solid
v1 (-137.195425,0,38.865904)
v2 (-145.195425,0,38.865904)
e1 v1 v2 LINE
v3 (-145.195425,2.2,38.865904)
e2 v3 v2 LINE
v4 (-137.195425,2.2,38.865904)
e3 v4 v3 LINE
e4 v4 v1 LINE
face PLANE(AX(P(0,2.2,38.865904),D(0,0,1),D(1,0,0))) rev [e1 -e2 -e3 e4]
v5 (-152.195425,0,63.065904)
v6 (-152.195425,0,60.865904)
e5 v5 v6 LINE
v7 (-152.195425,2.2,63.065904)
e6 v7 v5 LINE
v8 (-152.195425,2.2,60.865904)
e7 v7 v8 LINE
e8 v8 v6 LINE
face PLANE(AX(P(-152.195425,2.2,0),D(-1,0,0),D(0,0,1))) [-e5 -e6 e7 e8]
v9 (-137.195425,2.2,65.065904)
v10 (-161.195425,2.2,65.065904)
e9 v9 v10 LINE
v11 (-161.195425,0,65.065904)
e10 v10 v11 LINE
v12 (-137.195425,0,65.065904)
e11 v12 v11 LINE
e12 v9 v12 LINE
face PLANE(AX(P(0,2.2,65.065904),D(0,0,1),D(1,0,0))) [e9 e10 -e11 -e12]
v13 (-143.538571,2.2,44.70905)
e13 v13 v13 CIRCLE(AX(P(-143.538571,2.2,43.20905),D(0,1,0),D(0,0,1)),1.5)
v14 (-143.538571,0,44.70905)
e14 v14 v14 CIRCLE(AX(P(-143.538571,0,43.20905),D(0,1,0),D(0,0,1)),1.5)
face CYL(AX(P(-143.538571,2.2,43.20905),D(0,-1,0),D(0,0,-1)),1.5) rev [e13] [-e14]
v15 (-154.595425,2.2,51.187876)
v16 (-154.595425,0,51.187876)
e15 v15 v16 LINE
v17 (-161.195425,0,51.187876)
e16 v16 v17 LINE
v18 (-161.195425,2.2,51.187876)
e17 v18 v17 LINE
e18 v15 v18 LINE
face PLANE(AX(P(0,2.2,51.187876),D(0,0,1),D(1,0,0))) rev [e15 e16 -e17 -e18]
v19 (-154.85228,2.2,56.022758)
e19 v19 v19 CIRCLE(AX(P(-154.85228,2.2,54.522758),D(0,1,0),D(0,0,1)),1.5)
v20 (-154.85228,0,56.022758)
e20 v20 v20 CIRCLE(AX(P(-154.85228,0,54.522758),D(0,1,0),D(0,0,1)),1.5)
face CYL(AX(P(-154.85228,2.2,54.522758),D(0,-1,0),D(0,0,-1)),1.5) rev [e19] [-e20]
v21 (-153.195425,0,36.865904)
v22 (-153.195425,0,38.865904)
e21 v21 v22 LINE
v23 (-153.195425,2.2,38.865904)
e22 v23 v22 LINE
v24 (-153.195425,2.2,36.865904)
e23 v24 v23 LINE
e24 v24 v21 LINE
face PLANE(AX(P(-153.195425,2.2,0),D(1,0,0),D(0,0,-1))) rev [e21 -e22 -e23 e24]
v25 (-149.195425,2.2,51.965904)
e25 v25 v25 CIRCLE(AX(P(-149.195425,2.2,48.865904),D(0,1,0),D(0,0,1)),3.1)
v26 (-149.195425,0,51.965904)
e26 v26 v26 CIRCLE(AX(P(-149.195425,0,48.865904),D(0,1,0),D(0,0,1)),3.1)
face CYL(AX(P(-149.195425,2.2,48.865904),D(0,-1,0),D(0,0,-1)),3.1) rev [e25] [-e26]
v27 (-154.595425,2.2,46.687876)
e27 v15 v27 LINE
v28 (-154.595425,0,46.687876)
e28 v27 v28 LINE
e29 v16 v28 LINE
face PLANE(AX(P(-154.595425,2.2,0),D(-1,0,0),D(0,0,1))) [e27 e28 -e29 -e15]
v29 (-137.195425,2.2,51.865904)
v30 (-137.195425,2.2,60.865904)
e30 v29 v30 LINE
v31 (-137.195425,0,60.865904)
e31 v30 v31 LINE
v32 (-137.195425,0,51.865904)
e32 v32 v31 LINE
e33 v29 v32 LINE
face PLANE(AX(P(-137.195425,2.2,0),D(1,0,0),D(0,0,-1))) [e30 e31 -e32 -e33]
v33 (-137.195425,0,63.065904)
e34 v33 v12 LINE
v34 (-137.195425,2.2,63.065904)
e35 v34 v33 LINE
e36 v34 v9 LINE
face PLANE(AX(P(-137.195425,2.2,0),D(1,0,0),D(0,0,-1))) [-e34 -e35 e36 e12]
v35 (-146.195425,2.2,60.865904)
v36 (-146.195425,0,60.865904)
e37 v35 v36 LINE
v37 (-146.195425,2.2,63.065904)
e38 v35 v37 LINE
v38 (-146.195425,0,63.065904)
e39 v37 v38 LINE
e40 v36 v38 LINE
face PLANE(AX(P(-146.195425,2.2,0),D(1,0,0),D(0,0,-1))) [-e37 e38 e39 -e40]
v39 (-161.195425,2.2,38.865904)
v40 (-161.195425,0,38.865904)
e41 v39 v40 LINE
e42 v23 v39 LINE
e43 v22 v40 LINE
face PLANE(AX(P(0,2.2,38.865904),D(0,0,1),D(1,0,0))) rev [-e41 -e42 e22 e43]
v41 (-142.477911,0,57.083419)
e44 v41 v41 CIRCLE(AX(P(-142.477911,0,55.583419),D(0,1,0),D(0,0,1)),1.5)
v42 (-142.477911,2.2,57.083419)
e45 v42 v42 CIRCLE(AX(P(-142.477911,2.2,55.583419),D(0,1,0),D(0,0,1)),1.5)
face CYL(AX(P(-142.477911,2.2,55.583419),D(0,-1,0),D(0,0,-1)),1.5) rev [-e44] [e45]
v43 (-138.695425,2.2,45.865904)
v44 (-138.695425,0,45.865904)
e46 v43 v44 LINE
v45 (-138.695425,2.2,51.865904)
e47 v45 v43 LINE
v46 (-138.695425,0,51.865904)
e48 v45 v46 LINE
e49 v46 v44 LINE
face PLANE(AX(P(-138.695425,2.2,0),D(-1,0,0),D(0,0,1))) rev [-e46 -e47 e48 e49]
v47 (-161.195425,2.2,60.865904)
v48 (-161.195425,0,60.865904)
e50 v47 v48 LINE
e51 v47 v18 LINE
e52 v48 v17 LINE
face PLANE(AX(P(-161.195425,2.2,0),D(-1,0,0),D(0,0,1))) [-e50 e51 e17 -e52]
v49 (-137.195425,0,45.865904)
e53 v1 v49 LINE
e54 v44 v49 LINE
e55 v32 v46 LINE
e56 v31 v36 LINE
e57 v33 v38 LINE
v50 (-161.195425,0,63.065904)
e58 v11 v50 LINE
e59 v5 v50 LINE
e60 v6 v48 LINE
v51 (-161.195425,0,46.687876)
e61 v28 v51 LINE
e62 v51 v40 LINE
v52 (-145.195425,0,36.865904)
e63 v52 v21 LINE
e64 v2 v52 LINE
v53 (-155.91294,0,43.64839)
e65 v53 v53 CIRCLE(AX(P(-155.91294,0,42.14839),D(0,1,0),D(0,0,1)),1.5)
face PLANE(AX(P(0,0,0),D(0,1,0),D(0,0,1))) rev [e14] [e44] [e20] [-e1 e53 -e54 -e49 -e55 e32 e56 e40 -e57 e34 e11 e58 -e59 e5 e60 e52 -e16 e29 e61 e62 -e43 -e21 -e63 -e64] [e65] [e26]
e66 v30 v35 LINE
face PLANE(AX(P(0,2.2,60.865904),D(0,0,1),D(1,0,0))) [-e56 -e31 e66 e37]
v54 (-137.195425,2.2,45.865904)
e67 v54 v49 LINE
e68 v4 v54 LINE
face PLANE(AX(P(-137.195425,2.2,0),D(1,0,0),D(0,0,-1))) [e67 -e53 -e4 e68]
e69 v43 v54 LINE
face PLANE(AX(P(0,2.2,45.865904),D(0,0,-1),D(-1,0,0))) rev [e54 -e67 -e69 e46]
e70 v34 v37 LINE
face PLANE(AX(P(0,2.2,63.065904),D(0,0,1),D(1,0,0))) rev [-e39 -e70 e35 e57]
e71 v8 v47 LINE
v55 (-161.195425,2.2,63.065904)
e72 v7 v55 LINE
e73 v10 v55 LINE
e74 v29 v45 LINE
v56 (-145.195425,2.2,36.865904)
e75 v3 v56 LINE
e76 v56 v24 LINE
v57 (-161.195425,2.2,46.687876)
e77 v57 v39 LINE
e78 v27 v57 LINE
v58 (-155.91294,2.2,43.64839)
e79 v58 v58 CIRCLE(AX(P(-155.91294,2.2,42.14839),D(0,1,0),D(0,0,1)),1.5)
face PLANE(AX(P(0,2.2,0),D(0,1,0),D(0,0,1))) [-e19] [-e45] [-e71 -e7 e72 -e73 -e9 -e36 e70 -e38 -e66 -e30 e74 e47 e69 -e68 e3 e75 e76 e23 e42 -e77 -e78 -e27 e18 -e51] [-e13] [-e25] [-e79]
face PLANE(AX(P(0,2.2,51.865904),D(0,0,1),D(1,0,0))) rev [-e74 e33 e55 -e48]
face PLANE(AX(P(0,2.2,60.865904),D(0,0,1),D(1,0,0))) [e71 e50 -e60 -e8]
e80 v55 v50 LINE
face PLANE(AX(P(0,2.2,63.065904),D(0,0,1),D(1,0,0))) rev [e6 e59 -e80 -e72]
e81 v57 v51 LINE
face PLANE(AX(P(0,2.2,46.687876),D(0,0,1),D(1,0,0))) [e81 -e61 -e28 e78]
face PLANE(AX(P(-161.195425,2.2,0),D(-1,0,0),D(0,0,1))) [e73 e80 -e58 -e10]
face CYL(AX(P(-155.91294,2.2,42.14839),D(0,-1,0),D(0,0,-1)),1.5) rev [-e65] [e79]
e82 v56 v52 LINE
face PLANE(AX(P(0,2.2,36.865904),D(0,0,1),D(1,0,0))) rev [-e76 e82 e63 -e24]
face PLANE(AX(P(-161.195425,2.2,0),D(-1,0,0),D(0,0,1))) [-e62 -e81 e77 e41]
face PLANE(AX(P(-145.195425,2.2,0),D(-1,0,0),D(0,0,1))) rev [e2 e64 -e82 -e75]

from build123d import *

# Parameters (mm, degrees)
SKETCH1_R           = 1.5
SKETCH1_R_2         = 3.1
BOSS_EXTRUDE1_DEPTH = 2.2


with BuildPart() as part:
    # Sketch1 → Boss-Extrude1 (new body)
    with BuildSketch(Plane(origin=(0, 0, 0), x_dir=(1, 0, 0), z_dir=(0, 1, 0))):
        Polygon((-145.195425431, -36.865904239), (-153.195425431, -36.865904239), (-153.195425431, -38.865904239), (-161.195425431, -38.865904239), (-161.195425431, -46.687876258), (-154.595425431, -46.687876258), (-154.595425431, -51.187876258), (-161.195425431, -51.187876258), (-161.195425431, -60.865904239), (-152.195425431, -60.865904239), (-152.195425431, -63.065904239), (-161.195425431, -63.065904239), (-161.195425431, -65.065904239), (-137.195425431, -65.065904239), (-137.195425431, -63.065904239), (-146.195425431, -63.065904239), (-146.195425431, -60.865904239), (-137.195425431, -60.865904239), (-137.195425431, -58.865904239), (-137.195425431, -51.865904239), (-138.695425431, -51.865904239), (-138.695425431, -45.865904239), (-137.195425431, -45.865904239), (-137.195425431, -38.865904239), (-145.195425431, -38.865904239), align=None)
        with Locations(Location((-154.852279681, -54.522758488, 0), (0, 0, 270))):
            Circle(SKETCH1_R, mode=Mode.SUBTRACT)
        with Locations(Location((-142.47791101, -55.58341866, 0), (0, 0, 270))):
            Circle(SKETCH1_R, mode=Mode.SUBTRACT)
        with Locations(Location((-149.195425431, -48.865904239, 0), (0, 0, 270))):
            Circle(SKETCH1_R_2, mode=Mode.SUBTRACT)
        with Locations(Location((-155.912939853, -42.148389817, 0), (0, 0, 270))):
            Circle(SKETCH1_R, mode=Mode.SUBTRACT)
        with Locations(Location((-143.538571182, -43.209049989, 0), (0, 0, 270))):
            Circle(SKETCH1_R, mode=Mode.SUBTRACT)
    extrude(amount=BOSS_EXTRUDE1_DEPTH)


solid = part.part
